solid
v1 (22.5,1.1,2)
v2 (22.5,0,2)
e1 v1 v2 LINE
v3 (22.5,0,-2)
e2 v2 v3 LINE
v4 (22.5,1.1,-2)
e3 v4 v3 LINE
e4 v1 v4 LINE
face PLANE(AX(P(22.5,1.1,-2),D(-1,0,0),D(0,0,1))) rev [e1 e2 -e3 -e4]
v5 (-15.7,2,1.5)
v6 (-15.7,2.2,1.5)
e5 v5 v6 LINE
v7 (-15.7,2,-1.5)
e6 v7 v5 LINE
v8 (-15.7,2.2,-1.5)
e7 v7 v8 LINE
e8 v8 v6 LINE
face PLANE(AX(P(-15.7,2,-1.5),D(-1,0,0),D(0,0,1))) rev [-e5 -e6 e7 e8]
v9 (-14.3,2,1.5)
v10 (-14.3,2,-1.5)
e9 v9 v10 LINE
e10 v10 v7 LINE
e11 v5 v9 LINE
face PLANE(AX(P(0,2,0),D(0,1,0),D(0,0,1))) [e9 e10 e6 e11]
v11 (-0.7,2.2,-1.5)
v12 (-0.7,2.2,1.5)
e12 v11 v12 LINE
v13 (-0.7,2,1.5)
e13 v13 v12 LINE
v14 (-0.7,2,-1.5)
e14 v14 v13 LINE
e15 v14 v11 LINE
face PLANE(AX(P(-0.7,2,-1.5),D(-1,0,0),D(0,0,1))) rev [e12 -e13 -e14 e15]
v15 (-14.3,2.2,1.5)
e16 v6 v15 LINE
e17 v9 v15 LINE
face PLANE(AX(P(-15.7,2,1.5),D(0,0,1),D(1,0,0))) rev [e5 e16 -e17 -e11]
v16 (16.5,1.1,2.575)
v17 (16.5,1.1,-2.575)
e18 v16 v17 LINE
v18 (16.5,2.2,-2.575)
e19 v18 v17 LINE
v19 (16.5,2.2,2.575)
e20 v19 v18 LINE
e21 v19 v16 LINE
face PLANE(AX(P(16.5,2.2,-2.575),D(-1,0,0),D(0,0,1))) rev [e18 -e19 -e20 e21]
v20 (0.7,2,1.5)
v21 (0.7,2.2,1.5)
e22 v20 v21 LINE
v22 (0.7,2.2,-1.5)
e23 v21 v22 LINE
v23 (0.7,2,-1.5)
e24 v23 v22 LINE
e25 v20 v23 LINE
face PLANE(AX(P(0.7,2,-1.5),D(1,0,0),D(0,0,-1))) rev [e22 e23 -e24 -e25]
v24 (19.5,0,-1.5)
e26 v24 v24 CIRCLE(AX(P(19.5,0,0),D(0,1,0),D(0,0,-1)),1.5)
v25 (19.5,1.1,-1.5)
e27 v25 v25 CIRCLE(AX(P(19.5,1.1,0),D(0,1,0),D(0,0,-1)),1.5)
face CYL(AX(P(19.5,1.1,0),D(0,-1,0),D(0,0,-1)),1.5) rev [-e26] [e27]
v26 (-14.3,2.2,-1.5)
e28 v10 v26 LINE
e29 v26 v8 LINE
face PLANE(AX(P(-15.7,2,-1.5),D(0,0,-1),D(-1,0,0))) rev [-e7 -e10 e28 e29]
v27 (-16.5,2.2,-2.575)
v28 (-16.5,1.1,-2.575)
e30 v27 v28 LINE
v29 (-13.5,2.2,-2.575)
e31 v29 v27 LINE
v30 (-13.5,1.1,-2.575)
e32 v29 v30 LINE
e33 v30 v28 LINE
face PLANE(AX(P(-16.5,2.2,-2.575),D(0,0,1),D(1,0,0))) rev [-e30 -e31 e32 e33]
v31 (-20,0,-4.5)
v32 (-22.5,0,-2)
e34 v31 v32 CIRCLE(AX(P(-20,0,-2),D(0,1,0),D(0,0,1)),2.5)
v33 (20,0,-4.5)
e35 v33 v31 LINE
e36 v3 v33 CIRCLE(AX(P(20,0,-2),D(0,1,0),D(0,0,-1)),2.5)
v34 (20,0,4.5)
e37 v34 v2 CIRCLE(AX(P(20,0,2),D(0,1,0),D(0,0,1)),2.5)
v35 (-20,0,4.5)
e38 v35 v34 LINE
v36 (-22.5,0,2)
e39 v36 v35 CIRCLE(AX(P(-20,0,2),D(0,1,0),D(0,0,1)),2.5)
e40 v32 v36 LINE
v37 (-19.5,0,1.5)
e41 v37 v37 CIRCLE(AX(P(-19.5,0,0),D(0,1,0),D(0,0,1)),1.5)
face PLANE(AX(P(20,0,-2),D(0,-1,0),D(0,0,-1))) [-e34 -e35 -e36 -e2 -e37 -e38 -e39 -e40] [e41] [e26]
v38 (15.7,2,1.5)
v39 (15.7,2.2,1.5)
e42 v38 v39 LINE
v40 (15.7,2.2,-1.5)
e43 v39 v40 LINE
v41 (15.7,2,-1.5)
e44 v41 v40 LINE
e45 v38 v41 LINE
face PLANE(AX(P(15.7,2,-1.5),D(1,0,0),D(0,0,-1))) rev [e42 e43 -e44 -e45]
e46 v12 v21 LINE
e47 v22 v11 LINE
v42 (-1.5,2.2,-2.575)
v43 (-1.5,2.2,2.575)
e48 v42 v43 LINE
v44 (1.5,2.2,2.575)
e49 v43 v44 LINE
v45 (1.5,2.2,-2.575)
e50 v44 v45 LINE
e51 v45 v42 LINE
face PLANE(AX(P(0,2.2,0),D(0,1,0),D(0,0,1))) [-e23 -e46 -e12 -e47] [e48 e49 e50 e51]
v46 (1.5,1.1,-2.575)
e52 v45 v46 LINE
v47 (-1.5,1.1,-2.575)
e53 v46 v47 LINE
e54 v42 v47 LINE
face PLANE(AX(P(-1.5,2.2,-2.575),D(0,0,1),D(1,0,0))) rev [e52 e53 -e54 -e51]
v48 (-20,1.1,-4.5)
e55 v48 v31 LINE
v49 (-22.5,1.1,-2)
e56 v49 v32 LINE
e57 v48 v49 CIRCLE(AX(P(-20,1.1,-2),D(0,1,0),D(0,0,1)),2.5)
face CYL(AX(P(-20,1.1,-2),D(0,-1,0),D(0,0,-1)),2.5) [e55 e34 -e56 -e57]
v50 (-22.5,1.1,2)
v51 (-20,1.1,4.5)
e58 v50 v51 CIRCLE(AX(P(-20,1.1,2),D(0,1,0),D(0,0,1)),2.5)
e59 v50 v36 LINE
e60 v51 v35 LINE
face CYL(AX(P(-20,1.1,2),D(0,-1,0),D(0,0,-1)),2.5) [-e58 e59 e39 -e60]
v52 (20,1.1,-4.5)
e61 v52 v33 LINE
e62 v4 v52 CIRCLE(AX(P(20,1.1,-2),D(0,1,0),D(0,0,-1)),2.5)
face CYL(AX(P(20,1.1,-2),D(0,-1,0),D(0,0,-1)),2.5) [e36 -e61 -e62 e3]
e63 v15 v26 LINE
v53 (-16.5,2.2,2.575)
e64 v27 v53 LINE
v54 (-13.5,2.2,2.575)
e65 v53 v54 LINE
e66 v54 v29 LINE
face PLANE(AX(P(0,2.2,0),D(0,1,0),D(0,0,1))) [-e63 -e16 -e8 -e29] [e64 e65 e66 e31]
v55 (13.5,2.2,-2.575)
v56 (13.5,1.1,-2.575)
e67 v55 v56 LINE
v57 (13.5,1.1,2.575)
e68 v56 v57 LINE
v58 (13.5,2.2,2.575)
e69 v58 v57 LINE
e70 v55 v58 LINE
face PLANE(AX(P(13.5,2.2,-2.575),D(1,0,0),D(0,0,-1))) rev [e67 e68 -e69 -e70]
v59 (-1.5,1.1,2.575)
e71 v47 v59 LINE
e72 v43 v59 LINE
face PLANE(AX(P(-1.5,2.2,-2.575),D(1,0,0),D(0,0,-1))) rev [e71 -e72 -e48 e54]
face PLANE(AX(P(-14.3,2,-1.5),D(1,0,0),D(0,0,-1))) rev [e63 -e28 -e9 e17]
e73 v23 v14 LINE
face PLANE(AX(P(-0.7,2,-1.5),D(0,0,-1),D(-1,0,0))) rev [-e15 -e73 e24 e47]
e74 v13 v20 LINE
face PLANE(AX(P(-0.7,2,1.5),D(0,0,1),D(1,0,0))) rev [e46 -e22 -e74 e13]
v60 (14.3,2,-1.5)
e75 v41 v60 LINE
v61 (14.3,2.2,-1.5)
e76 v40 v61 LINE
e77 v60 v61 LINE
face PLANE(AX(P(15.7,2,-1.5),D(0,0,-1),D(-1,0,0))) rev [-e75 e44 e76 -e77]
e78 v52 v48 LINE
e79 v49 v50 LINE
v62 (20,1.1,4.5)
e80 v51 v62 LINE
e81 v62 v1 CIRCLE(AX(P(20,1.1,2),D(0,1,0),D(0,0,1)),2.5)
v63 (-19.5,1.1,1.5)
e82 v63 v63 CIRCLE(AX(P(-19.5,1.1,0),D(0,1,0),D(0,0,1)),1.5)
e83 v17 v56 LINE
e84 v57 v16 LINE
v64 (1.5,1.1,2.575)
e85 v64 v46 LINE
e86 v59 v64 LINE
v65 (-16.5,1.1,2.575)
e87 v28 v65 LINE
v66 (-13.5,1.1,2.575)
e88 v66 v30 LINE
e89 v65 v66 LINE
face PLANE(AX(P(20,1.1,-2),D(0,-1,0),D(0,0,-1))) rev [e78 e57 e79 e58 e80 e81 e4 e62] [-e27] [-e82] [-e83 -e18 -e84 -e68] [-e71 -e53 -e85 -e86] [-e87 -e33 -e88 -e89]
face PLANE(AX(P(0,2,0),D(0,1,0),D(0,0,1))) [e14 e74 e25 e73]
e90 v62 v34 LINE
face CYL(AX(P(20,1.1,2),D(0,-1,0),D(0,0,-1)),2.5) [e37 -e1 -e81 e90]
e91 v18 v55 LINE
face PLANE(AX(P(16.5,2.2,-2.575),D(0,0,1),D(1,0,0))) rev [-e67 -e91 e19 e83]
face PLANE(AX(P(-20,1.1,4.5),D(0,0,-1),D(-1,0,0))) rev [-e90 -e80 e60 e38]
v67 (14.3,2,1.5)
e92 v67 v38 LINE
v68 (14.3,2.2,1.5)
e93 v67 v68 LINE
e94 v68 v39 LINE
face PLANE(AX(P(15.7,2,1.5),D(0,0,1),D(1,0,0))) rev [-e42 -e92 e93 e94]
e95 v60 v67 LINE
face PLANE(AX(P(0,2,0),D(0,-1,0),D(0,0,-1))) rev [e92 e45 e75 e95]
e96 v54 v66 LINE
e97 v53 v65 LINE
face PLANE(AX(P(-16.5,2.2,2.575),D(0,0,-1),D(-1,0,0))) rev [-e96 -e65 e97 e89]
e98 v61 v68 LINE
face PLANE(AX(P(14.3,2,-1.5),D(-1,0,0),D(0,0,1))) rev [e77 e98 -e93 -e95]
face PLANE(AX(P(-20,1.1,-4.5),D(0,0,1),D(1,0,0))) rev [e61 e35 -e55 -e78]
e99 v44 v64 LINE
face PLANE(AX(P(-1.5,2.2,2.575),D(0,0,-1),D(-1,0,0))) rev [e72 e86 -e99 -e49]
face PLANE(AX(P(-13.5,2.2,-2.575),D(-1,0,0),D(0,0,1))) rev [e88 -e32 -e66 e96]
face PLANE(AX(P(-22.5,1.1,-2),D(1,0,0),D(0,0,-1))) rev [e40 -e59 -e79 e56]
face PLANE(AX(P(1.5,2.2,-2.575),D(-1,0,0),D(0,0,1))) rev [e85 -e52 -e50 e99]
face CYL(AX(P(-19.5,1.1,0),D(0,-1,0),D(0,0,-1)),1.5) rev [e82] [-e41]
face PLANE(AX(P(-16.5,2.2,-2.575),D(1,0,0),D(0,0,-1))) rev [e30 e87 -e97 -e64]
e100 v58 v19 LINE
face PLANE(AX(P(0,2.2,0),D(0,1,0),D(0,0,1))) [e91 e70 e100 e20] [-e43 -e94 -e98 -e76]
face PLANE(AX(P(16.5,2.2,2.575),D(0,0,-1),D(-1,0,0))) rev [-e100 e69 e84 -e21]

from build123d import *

# Parameters (mm, degrees)
SKETCH1_R           = 1.5
BOSS_EXTRUDE1_DEPTH = 1.1
SKETCH2_W           = 3
SKETCH2_H           = 5.15
BOSS_EXTRUDE2_DEPTH = 1.1
SKETCH3_W           = 1.4
SKETCH3_H           = 3
CUT_EXTRUDE1_DEPTH  = 0.2


with BuildPart() as part:
    # Sketch1 → Boss-Extrude1 (new body)
    with BuildSketch(Plane(origin=(0, 0, 0), x_dir=(1, 0, 0), z_dir=(0, 1, 0))):
        with BuildLine():
            Line((-20, 4.5), (20, 4.5))
            ThreePointArc((20, 4.5), (21.767766953, 3.767766953), (22.5, 2))
            Line((22.5, 2), (22.5, -2))
            ThreePointArc((22.5, -2), (21.767766953, -3.767766953), (20, -4.5))
            Line((20, -4.5), (-20, -4.5))
            ThreePointArc((-20, -4.5), (-21.767766953, -3.767766953), (-22.5, -2))
            Line((-22.5, -2), (-22.5, 2))
            ThreePointArc((-22.5, 2), (-21.767766953, 3.767766953), (-20, 4.5))
        make_face()
        with Locations(Location((-19.5, 0, 0), (0, 0, 270))):
            Circle(SKETCH1_R, mode=Mode.SUBTRACT)
        with Locations(Location((19.5, 0, 0), (0, 0, 90))):
            Circle(SKETCH1_R, mode=Mode.SUBTRACT)
    extrude(amount=BOSS_EXTRUDE1_DEPTH)

    # Sketch2 → Boss-Extrude2 (add)
    with BuildSketch(Plane(origin=(0, 1.1, 0), x_dir=(1, 0, 0), z_dir=(0, 1, 0))):
        with Locations((15, 0)):
            Rectangle(SKETCH2_W, SKETCH2_H)
        with Locations((-15, 0)):
            Rectangle(SKETCH2_W, SKETCH2_H)
        Rectangle(SKETCH2_W, SKETCH2_H)
    extrude(amount=BOSS_EXTRUDE2_DEPTH)

    # Sketch3 → Cut-Extrude1 (cut)
    with BuildSketch(Plane(origin=(0, 2.2, 0), x_dir=(1, 0, 0), z_dir=(0, 1, 0))):
        with Locations((15, 0)):
            Rectangle(SKETCH3_W, SKETCH3_H)
        with Locations((-15, 0)):
            Rectangle(SKETCH3_W, SKETCH3_H)
        Rectangle(SKETCH3_W, SKETCH3_H)
    extrude(amount=-CUT_EXTRUDE1_DEPTH, mode=Mode.SUBTRACT)


solid = part.part
